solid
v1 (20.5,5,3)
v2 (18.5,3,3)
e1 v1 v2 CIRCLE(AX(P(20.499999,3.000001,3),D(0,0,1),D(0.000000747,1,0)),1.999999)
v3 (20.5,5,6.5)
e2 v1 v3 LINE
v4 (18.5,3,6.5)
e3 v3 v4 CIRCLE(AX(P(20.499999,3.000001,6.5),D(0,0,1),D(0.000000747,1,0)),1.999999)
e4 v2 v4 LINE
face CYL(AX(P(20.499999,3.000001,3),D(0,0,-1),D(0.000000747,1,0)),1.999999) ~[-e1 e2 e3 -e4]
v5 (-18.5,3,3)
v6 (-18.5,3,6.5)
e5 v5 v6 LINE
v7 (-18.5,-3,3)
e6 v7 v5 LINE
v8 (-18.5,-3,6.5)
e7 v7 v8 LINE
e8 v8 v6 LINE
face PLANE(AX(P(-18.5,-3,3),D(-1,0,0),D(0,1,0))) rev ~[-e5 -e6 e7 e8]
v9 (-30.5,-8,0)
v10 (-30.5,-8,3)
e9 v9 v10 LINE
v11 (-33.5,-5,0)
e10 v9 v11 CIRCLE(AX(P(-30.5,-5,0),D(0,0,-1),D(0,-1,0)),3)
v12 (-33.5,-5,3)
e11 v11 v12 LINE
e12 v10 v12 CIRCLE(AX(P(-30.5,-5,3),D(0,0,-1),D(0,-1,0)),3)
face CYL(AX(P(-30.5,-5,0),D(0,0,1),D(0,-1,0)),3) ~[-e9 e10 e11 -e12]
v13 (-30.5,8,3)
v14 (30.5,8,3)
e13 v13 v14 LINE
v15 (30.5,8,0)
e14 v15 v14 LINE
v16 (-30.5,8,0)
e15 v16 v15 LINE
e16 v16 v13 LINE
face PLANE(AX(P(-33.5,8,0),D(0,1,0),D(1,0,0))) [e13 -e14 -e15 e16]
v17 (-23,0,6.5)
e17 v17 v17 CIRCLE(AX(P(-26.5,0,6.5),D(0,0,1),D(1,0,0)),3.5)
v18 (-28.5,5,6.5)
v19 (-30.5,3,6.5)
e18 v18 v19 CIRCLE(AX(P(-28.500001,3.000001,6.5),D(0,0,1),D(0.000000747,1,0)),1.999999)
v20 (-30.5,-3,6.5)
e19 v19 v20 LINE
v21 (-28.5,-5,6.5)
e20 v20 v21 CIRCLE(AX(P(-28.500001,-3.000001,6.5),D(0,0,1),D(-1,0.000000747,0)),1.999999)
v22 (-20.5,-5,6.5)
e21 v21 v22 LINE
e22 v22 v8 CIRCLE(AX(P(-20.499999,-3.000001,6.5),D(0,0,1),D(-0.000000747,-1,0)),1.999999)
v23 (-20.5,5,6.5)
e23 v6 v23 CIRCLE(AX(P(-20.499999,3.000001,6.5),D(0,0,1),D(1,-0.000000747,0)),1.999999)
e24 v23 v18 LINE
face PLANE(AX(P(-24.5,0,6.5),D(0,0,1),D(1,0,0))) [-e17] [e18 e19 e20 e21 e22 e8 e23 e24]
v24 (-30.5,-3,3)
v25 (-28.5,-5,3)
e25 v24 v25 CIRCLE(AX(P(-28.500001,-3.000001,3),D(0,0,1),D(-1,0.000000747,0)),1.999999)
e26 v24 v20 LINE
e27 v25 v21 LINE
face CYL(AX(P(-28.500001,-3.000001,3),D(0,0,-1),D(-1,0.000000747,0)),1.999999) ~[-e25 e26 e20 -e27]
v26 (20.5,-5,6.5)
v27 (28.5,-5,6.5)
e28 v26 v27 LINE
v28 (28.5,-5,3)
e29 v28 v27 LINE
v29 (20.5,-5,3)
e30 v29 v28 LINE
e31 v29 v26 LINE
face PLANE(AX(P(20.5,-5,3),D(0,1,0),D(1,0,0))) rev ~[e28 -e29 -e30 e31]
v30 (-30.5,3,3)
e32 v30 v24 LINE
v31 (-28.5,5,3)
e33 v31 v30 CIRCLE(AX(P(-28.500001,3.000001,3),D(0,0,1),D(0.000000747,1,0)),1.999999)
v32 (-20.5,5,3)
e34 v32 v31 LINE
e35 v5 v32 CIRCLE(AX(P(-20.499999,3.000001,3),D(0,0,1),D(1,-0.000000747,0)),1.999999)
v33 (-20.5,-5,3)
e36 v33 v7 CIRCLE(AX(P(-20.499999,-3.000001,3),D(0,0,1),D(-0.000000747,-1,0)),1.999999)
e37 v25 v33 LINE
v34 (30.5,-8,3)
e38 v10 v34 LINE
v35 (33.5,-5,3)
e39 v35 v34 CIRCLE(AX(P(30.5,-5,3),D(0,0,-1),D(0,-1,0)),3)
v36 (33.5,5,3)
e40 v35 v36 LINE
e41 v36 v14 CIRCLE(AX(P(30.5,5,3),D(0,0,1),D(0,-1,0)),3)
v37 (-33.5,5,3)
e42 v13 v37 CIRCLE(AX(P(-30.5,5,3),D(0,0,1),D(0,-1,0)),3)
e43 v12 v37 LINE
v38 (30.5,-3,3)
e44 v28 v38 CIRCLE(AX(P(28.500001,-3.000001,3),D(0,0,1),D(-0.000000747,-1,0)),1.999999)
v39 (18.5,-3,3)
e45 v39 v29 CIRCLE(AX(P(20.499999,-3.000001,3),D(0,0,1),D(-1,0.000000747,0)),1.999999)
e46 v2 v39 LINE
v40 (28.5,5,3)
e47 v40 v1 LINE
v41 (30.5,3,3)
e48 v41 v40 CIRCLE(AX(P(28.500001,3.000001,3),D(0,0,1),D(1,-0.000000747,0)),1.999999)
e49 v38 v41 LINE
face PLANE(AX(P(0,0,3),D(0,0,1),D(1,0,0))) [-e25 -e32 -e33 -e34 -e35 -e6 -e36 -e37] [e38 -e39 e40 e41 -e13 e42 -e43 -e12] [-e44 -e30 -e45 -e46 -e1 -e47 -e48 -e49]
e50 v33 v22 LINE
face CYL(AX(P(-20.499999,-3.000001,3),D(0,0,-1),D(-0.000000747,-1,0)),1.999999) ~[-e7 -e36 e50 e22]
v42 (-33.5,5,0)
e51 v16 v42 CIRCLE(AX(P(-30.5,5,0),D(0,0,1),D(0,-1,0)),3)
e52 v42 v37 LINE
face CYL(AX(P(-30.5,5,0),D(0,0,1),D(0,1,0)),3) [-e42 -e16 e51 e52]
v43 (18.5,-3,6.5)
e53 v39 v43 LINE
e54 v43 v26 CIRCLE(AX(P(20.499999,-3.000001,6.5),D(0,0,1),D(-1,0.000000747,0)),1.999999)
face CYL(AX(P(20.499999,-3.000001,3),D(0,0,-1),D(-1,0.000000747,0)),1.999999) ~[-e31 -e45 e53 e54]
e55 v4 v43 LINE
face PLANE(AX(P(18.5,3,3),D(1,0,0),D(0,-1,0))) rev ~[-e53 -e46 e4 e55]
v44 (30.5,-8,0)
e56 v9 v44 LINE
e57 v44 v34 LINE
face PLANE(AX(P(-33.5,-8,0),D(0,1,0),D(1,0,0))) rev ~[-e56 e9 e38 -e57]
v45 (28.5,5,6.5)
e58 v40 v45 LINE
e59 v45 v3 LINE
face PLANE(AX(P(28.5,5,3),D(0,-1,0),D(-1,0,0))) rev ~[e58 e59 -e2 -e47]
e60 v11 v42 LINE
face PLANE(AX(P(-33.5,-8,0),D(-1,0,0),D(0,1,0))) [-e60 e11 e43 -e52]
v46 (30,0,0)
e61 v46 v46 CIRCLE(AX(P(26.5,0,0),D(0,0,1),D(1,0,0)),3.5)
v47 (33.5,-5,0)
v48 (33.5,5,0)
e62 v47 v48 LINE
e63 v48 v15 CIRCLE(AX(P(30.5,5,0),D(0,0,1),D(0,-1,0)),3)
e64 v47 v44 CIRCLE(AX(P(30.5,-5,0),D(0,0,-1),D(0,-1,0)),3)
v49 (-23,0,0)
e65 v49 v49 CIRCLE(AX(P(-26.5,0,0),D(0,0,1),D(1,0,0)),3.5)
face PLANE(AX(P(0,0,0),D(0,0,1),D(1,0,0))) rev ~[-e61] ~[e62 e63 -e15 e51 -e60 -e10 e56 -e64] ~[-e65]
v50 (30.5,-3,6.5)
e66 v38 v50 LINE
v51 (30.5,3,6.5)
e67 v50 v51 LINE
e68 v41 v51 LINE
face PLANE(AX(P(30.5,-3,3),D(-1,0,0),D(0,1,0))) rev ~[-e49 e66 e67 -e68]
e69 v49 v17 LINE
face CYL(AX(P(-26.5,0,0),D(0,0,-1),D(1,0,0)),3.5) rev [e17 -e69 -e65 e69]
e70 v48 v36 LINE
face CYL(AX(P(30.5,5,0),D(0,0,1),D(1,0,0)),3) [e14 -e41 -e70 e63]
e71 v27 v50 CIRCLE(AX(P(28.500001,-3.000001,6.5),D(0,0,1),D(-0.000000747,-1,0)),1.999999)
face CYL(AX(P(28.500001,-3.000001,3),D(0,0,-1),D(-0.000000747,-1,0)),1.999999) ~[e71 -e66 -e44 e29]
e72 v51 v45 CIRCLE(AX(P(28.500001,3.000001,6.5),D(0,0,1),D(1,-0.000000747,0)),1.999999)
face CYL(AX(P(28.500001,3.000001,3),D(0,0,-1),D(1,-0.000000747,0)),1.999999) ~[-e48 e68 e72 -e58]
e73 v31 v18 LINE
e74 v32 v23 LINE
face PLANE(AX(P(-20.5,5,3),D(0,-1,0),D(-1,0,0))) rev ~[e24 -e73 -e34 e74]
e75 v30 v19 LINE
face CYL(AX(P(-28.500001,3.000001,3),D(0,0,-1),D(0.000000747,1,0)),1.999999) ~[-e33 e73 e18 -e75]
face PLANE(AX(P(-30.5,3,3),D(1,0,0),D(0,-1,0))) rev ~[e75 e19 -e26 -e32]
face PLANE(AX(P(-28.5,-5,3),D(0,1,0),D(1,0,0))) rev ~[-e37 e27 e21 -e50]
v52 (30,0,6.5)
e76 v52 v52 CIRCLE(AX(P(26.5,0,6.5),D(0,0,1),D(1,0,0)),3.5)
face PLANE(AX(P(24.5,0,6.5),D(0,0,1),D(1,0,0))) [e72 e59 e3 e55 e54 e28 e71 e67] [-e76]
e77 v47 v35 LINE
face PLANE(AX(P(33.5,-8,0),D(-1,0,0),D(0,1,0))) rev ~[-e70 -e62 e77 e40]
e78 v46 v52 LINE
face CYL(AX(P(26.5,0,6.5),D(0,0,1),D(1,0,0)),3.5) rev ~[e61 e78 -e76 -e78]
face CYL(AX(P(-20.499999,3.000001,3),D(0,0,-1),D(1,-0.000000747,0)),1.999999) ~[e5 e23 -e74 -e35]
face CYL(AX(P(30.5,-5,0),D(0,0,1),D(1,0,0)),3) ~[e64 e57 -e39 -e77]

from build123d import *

# Parameters (mm, degrees)
F0_W     = 67
F0_H     = 16
F0_R     = 3.5
F1_DEPTH = 3
F3_DEPTH = 3.5
F4_R     = 3.5
F5_DEPTH = 6.501
F6_R     = 3


with BuildPart() as f1:
    # F0 (on Top) → F1 (new body)
    with BuildSketch(Plane.XY):
        Rectangle(F0_W, F0_H)
        with Locations((-26.5, 0)):
            Circle(F0_R, mode=Mode.SUBTRACT)
        with Locations((26.5, 0)):
            Circle(F0_R, mode=Mode.SUBTRACT)
    extrude(amount=F1_DEPTH)

    # F2 (on face) → F3 (join)
    with BuildSketch(Plane.XY.offset(3)):
        with BuildLine():
            Line((20.5, -5), (28.5, -5))
            ThreePointArc((28.5, -5), (29.914214, -4.414214), (30.5, -3))
            Line((30.5, -3), (30.5, 3))
            ThreePointArc((30.5, 3), (29.914214, 4.414214), (28.5, 5))
            Line((28.5, 5), (20.5, 5))
            ThreePointArc((20.5, 5), (19.085786, 4.414214), (18.5, 3))
            Line((18.5, 3), (18.5, -3))
            ThreePointArc((18.5, -3), (19.085786, -4.414214), (20.5, -5))
        make_face()
        with BuildLine():
            Line((-28.5, -5), (-20.5, -5))
            ThreePointArc((-20.5, -5), (-19.085786, -4.414214), (-18.5, -3))
            Line((-18.5, -3), (-18.5, 3))
            ThreePointArc((-18.5, 3), (-19.085786, 4.414214), (-20.5, 5))
            Line((-20.5, 5), (-28.5, 5))
            ThreePointArc((-28.5, 5), (-29.914214, 4.414214), (-30.5, 3))
            Line((-30.5, 3), (-30.5, -3))
            ThreePointArc((-30.5, -3), (-29.914214, -4.414214), (-28.5, -5))
        make_face()
    extrude(amount=F3_DEPTH)

    # F4 (on face) → F5 (cut, through all)
    with BuildSketch(Plane.XY.offset(6.5)):
        with Locations((26.5, 0)):
            Circle(F4_R)
        with Locations((-26.5, 0)):
            Circle(F4_R)
    extrude(amount=-F5_DEPTH, mode=Mode.SUBTRACT)

    # F6
    f6_edges = [f1.edges().sort_by_distance(p)[0] for p in [
        (-33.5, 8, 1.5),
        (33.5, 8, 1.5),
        (33.5, -8, 1.5),
        (-33.5, -8, 1.5),
    ]]
    fillet(f6_edges, radius=F6_R)


solid = f1.part
